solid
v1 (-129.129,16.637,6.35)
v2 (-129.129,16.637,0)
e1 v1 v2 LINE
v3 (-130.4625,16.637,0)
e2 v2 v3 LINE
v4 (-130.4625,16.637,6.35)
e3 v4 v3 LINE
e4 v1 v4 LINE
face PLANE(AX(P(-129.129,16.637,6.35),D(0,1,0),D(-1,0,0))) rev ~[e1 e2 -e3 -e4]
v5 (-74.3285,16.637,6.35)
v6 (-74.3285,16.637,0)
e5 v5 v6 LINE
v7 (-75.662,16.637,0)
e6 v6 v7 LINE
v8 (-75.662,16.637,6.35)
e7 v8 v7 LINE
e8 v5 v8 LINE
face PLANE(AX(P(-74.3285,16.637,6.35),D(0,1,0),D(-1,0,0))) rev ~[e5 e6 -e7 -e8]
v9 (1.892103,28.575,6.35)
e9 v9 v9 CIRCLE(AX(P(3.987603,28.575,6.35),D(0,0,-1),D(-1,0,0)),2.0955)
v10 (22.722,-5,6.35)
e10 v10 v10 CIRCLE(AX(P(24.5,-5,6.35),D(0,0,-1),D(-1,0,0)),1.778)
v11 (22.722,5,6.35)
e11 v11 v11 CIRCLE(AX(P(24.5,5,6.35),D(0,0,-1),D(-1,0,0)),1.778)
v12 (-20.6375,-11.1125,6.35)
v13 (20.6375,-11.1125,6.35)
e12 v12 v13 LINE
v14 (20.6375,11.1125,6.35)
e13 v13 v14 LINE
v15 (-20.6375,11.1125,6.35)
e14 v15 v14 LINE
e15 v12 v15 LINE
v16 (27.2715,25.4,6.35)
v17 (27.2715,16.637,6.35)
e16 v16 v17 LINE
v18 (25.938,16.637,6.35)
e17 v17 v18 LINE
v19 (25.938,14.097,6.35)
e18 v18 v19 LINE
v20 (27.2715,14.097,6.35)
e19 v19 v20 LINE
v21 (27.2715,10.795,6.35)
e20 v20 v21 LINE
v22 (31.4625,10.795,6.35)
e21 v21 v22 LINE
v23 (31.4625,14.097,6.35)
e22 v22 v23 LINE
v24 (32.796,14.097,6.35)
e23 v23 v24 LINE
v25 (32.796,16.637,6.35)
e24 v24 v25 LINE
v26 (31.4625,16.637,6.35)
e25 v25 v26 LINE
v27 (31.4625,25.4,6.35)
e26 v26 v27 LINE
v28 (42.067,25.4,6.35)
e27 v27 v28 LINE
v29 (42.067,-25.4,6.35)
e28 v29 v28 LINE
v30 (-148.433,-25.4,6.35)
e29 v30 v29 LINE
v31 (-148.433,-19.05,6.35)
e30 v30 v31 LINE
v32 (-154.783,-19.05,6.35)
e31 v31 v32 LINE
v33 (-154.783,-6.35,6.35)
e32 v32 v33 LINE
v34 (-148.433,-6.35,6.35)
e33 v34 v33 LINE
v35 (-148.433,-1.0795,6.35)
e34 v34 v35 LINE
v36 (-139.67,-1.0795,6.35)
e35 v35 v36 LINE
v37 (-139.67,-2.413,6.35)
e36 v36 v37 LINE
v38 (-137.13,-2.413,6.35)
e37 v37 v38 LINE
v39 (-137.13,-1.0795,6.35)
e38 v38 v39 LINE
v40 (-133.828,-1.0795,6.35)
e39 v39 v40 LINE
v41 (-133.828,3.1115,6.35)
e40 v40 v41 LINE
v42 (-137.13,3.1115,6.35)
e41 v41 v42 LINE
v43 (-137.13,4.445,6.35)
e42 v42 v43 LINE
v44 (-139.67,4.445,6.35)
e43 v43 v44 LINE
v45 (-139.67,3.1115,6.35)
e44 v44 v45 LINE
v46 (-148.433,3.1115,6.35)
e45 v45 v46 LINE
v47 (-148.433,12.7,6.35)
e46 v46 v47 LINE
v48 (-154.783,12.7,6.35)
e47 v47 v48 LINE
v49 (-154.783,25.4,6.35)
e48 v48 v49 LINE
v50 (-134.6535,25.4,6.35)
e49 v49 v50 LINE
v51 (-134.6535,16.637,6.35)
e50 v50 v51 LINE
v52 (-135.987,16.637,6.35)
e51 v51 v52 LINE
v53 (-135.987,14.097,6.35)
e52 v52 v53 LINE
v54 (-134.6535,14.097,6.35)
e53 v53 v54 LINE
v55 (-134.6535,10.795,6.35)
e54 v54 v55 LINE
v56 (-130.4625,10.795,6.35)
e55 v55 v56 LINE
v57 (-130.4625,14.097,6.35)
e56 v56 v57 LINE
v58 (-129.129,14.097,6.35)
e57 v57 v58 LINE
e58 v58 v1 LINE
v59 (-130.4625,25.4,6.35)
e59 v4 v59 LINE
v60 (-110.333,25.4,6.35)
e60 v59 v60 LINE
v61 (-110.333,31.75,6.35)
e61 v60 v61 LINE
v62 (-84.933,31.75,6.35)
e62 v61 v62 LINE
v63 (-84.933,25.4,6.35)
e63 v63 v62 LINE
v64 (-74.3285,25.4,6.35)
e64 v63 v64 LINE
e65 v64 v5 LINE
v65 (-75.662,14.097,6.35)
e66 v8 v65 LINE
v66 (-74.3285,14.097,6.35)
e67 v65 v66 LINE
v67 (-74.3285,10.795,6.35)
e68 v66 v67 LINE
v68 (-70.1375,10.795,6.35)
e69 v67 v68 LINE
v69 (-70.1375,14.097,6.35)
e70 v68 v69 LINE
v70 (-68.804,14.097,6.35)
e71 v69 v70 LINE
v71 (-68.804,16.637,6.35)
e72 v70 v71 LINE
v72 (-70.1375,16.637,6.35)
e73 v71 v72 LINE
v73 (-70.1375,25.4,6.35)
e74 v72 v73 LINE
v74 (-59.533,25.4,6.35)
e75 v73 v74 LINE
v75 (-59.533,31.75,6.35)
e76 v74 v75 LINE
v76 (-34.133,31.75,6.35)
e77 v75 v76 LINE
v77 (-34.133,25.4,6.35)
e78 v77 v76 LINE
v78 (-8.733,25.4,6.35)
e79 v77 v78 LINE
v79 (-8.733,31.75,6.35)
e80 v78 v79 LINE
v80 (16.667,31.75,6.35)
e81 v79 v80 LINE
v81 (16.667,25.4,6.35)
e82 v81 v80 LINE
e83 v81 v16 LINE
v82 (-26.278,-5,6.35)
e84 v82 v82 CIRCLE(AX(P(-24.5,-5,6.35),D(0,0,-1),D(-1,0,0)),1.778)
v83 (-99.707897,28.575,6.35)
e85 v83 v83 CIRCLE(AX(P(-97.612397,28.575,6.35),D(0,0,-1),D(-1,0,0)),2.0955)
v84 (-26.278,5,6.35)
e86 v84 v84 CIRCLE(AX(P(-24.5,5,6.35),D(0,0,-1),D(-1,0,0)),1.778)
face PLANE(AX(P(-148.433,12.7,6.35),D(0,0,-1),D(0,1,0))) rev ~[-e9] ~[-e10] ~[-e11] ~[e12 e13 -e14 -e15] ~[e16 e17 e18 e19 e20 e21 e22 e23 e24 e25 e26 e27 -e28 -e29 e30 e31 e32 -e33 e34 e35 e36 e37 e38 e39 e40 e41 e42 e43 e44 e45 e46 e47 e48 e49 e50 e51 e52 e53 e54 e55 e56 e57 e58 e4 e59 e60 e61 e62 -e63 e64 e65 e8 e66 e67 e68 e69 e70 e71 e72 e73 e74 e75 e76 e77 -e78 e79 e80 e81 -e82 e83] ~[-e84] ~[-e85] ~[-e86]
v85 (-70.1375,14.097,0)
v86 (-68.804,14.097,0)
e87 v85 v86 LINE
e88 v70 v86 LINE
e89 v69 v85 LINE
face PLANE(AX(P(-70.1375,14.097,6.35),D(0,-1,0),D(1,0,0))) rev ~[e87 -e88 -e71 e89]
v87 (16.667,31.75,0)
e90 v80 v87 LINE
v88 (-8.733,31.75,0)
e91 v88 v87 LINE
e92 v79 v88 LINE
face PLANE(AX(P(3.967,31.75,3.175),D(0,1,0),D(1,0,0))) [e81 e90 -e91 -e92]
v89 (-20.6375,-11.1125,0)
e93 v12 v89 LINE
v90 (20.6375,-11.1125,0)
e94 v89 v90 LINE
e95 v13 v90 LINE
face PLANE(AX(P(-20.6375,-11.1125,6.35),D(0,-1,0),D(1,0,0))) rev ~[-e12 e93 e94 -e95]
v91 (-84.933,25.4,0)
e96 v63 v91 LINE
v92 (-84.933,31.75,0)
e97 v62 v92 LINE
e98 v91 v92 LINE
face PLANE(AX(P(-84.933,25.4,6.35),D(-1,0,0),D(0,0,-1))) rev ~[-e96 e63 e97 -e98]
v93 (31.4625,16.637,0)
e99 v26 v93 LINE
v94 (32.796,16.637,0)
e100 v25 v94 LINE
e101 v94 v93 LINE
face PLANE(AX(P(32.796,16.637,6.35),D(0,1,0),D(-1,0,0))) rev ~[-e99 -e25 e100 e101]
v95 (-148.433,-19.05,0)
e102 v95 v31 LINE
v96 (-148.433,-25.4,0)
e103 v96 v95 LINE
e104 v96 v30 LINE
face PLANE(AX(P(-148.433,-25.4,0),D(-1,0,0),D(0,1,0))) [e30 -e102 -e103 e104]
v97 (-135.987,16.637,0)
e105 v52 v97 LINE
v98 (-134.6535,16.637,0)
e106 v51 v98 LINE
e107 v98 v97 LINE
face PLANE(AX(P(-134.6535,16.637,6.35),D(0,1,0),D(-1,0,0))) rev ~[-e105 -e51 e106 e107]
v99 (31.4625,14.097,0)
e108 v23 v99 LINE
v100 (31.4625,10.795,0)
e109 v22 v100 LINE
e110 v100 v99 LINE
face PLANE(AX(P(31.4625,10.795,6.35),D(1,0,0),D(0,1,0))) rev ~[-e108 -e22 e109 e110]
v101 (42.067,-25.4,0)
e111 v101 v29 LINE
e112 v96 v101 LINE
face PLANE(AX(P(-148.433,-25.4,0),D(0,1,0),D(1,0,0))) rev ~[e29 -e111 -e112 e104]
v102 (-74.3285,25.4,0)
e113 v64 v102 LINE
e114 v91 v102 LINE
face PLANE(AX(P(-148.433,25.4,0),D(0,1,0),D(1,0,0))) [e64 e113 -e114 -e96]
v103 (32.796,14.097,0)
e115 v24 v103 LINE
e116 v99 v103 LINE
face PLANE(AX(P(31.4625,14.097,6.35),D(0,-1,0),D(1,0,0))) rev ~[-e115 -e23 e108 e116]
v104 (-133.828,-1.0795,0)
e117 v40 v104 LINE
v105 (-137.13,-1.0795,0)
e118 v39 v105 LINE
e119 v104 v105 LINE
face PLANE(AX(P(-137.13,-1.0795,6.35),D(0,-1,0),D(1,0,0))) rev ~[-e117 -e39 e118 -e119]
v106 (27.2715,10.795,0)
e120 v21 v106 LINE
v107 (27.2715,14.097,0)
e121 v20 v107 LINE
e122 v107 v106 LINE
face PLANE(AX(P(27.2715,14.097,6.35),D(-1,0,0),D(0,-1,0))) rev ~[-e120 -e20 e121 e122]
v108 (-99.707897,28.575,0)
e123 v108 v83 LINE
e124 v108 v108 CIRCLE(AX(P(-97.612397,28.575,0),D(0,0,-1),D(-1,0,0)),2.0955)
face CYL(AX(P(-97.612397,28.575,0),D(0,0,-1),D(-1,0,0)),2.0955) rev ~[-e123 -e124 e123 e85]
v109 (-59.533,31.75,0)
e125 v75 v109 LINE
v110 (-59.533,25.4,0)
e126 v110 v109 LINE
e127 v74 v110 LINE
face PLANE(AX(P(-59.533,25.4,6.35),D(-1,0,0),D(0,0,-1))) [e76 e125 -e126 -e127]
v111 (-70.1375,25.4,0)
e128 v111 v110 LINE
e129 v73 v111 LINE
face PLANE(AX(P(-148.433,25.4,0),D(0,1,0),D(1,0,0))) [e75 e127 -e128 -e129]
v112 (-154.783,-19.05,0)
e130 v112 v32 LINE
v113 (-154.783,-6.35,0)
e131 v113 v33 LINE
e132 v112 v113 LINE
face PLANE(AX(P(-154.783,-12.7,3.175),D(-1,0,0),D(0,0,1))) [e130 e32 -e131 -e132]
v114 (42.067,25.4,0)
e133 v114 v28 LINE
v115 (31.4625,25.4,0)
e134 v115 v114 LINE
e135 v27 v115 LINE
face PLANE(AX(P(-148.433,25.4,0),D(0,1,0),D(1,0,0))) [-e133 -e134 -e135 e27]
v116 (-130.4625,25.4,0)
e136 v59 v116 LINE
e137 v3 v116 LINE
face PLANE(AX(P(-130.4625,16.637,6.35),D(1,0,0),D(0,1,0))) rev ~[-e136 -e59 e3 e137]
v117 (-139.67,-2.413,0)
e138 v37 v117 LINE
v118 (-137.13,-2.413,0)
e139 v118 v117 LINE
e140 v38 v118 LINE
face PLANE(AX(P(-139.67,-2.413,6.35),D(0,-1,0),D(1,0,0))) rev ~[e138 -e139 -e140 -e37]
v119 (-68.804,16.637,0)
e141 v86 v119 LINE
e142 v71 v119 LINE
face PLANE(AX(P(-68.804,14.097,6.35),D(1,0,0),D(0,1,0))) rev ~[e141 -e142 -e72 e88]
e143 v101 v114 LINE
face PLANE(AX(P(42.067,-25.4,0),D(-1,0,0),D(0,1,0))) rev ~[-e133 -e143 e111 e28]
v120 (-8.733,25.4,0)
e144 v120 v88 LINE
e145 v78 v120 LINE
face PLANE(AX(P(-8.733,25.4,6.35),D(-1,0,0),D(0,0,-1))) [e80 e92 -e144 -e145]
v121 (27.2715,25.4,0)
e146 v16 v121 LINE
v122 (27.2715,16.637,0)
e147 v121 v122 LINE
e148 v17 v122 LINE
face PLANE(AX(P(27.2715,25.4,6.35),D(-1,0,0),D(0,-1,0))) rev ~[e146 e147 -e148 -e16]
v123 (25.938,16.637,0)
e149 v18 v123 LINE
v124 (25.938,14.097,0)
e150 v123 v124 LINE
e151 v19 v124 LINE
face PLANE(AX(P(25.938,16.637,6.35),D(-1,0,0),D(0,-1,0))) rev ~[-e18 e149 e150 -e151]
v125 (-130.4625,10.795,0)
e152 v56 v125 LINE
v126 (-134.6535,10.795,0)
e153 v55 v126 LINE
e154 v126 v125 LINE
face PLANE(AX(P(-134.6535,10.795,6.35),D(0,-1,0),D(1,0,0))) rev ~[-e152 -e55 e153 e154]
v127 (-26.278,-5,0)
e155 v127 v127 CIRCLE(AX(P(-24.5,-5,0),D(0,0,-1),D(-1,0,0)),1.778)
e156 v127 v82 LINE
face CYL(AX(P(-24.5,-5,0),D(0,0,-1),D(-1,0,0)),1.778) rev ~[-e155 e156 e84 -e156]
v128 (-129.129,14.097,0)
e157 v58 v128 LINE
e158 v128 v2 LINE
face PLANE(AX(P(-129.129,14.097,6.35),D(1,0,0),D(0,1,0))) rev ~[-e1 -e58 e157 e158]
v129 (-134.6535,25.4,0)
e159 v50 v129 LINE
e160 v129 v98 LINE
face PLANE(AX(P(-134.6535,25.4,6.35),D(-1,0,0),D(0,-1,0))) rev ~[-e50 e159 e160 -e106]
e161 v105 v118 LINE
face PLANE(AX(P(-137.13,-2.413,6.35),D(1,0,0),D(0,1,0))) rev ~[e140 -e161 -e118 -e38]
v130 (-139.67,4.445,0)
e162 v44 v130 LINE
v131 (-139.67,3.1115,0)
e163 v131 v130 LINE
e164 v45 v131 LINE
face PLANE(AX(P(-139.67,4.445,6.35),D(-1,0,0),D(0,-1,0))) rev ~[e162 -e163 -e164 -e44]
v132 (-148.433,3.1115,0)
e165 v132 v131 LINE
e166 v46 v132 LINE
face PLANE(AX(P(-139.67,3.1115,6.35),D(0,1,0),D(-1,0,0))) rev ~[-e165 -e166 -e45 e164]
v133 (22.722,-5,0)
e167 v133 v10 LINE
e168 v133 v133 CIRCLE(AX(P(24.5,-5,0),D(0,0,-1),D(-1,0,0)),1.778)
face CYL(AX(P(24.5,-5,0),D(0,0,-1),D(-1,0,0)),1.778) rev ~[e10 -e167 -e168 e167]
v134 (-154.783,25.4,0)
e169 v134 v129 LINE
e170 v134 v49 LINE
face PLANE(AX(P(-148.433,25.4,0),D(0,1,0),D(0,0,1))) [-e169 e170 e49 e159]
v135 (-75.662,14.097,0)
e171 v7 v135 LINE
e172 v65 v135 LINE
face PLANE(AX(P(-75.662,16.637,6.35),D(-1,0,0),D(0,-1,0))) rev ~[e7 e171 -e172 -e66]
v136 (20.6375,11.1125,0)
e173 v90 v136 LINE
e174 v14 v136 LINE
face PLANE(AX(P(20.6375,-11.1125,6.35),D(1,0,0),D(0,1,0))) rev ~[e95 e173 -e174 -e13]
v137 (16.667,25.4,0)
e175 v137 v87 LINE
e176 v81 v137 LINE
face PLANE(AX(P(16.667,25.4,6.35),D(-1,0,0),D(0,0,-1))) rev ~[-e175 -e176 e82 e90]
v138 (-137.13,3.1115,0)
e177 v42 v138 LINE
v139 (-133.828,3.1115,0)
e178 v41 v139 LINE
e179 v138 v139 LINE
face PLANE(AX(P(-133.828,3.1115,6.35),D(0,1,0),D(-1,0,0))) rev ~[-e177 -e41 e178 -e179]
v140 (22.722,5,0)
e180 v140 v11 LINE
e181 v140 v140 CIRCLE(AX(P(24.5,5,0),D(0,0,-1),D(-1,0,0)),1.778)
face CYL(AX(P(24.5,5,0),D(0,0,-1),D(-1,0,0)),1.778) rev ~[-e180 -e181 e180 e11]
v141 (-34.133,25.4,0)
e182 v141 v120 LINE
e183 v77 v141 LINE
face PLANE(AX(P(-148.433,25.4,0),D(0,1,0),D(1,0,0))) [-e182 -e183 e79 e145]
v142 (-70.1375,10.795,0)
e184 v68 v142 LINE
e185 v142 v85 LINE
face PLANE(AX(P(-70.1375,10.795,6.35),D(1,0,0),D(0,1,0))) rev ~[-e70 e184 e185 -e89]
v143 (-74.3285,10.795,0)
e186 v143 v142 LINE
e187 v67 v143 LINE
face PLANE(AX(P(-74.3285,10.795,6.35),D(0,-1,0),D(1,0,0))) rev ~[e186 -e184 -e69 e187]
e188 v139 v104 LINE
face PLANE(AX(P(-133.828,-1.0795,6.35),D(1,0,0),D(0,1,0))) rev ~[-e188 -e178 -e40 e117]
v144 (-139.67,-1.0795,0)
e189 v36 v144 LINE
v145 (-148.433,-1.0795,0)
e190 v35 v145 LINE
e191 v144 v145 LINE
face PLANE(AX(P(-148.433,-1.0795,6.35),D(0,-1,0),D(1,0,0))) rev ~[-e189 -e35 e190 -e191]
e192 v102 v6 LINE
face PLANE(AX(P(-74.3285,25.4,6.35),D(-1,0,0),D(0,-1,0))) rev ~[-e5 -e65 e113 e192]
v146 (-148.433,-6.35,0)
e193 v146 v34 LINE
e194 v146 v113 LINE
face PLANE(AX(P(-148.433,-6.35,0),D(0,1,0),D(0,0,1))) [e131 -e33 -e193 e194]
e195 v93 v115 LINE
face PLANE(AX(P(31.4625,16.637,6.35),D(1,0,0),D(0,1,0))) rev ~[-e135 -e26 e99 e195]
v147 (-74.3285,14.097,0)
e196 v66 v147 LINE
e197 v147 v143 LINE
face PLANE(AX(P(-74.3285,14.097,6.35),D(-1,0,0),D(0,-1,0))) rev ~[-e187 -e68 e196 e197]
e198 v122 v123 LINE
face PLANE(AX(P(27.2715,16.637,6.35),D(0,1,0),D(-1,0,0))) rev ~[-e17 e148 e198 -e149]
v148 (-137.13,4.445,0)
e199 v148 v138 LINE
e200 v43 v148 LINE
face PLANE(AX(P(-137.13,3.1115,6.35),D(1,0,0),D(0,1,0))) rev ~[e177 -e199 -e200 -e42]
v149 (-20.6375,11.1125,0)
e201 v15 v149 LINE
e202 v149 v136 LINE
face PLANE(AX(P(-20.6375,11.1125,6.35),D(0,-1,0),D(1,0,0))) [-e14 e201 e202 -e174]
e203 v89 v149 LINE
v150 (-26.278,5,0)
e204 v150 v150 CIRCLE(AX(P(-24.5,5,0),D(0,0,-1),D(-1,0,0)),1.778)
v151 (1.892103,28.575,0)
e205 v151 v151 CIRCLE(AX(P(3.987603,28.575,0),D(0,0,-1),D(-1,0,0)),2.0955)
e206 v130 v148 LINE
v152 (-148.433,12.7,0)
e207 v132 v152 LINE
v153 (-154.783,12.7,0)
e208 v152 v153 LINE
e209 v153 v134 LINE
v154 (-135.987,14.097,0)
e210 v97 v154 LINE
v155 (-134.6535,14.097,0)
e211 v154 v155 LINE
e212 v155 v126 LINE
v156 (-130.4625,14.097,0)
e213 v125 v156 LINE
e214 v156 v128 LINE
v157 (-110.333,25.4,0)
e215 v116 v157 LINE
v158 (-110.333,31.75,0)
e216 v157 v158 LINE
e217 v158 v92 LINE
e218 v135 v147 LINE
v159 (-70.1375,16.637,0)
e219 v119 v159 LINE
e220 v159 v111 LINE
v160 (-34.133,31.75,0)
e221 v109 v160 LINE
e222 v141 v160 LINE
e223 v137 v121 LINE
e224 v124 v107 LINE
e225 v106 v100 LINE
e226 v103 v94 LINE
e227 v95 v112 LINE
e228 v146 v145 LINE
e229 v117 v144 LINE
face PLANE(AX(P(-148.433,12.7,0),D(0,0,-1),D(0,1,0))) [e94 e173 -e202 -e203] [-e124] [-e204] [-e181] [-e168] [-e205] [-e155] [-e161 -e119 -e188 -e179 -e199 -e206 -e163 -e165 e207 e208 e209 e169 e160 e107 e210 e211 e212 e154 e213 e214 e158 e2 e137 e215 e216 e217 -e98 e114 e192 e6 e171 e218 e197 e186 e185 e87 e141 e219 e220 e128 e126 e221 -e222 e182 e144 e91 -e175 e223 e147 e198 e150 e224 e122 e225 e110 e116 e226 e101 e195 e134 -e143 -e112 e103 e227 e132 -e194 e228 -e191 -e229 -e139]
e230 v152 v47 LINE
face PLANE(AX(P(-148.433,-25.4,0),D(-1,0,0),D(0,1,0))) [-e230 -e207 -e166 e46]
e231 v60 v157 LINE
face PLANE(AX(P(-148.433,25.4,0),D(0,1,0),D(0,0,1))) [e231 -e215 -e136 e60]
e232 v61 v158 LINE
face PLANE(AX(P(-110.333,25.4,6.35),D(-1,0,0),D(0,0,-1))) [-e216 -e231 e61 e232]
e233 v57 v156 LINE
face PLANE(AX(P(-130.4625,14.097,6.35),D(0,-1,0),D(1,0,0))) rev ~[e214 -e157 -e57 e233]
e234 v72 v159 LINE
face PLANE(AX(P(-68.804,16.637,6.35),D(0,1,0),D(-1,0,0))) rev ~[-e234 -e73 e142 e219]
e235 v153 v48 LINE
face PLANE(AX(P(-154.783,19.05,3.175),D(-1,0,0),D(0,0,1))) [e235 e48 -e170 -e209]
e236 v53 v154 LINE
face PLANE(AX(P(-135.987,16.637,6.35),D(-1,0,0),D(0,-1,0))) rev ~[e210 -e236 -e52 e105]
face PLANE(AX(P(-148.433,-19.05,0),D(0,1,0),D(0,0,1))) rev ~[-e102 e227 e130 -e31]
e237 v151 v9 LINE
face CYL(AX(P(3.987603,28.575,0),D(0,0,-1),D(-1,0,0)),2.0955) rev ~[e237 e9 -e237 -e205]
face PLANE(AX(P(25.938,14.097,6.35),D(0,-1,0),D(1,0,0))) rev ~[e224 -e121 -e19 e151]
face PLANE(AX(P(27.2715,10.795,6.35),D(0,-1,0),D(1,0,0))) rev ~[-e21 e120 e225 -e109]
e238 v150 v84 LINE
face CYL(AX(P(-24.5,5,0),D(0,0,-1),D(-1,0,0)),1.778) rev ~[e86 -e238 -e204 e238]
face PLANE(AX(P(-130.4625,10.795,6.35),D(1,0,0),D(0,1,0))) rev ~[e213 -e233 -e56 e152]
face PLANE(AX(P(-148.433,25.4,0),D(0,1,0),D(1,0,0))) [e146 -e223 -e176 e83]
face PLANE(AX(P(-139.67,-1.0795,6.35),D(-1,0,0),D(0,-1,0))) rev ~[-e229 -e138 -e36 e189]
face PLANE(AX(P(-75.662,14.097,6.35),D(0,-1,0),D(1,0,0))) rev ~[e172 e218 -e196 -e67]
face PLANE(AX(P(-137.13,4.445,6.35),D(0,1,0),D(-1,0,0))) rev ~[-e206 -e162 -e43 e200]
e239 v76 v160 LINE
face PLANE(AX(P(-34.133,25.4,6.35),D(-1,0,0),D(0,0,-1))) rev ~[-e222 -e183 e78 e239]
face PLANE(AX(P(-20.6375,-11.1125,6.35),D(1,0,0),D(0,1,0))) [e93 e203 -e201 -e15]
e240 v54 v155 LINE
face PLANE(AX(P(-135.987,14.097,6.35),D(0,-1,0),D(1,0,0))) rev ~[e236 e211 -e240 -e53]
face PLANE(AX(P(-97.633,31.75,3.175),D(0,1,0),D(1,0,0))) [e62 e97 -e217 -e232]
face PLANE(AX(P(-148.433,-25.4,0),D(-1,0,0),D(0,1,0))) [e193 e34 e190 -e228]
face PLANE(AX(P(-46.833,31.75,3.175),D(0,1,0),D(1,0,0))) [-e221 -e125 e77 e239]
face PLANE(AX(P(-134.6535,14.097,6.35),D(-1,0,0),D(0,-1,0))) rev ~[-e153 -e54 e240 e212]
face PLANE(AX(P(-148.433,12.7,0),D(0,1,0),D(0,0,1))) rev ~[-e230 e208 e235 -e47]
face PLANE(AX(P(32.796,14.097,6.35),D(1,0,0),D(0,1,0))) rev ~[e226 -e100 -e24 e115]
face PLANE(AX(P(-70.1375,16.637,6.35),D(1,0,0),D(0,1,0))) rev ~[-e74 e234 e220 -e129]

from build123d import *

# Parameters (mm, degrees)
SKETCH1_W           = 190.5
SKETCH1_H           = 50.8
BOSS_EXTRUDE1_DEPTH = 6.35
SKETCH2_W           = 41.275
SKETCH2_H           = 22.225
CUT_EXTRUDE1_DEPTH  = 151.724377554
SKETCH3_W           = 25.4
SKETCH3_H           = 6.35
BOSS_EXTRUDE2_DEPTH = 6.35
LPATTERN1_COUNT     = 3
LPATTERN1_PITCH     = 50.8
SKETCH4_W           = 6.35
SKETCH4_H           = 12.7
BOSS_EXTRUDE3_DEPTH = 6.35
LPATTERN2_COUNT     = 2
LPATTERN2_PITCH     = 31.75
CUT_EXTRUDE2_DEPTH  = 6.35
SKETCH6_R           = 2.0955
CUT_EXTRUDE3_DEPTH  = 159.133368044
CUT_EXTRUDE4_DEPTH  = 159.133368044
SKETCH8_R           = 1.778
CUT_EXTRUDE5_DEPTH  = 159.133368044


with BuildPart() as part:
    # Sketch1 → Boss-Extrude1 (new body)
    with BuildSketch(Plane.XY):
        with Locations((-53.183, 0)):
            Rectangle(SKETCH1_W, SKETCH1_H)
    extrude(amount=BOSS_EXTRUDE1_DEPTH)

    # Sketch2 → Cut-Extrude1 (cut, through all)
    with BuildSketch(Plane.XY.offset(6.35)):
        Rectangle(SKETCH2_W, SKETCH2_H)
    extrude(amount=-CUT_EXTRUDE1_DEPTH, mode=Mode.SUBTRACT)

    # Sketch3 → Boss-Extrude2 (add)
    with BuildSketch(Plane(origin=(0, 25.4, 0), x_dir=(1, 0, 0), z_dir=(0, 1, 0))):
        with Locations((3.967, -3.175)):
            Rectangle(SKETCH3_W, SKETCH3_H)
    boss_extrude2 = extrude(amount=BOSS_EXTRUDE2_DEPTH)

    # LPattern1: Boss-Extrude2 ×3
    with Locations(*[(-i * LPATTERN1_PITCH, 0, 0) for i in range(1, LPATTERN1_COUNT)]):
        add(boss_extrude2)

    # Sketch4 → Boss-Extrude3 (add)
    with BuildSketch(Plane.ZY.offset(148.433)):
        with Locations((3.175, 19.05)):
            Rectangle(SKETCH4_W, SKETCH4_H)
    boss_extrude3 = extrude(amount=BOSS_EXTRUDE3_DEPTH)

    # LPattern2: Boss-Extrude3 ×2
    with Locations(*[(0, -i * LPATTERN2_PITCH, 0) for i in range(1, LPATTERN2_COUNT)]):
        add(boss_extrude3)

    # Sketch5 → Cut-Extrude2 (cut)
    with BuildSketch(Plane.XY.offset(6.35)):
        Polygon((31.4625, 25.4), (27.2715, 25.4), (27.2715, 16.637), (25.938, 16.637), (25.938, 14.097), (27.2715, 14.097), (27.2715, 10.795), (31.4625, 10.795), (31.4625, 14.097), (32.796, 14.097), (32.796, 16.637), (31.4625, 16.637), align=None)
        Polygon((-70.1375, 25.4), (-74.3285, 25.4), (-74.3285, 16.637), (-75.662, 16.637), (-75.662, 14.097), (-74.3285, 14.097), (-74.3285, 10.795), (-70.1375, 10.795), (-70.1375, 14.097), (-68.804, 14.097), (-68.804, 16.637), (-70.1375, 16.637), align=None)
        Polygon((-130.4625, 25.4), (-134.6535, 25.4), (-134.6535, 16.637), (-135.987, 16.637), (-135.987, 14.097), (-134.6535, 14.097), (-134.6535, 10.795), (-130.4625, 10.795), (-130.4625, 14.097), (-129.129, 14.097), (-129.129, 16.637), (-130.4625, 16.637), align=None)
    extrude(amount=-CUT_EXTRUDE2_DEPTH, mode=Mode.SUBTRACT)

    # Sketch6 → Cut-Extrude3 (cut, through all)
    with BuildSketch(Plane(origin=(0, 0, 0), x_dir=(-1, 0, 0), z_dir=(0, 0, -1))):
        with Locations((-3.98760291, 28.575)):
            Circle(SKETCH6_R)
        with Locations((97.61239709, 28.575)):
            Circle(SKETCH6_R)
    extrude(amount=-CUT_EXTRUDE3_DEPTH, mode=Mode.SUBTRACT)

    # Sketch7 → Cut-Extrude4 (cut, through all)
    with BuildSketch(Plane.XY.offset(6.35)):
        Polygon((-148.433, 3.1115), (-148.433, -1.0795), (-139.67, -1.0795), (-139.67, -2.413), (-137.13, -2.413), (-137.13, -1.0795), (-133.828, -1.0795), (-133.828, 3.1115), (-137.13, 3.1115), (-137.13, 4.445), (-139.67, 4.445), (-139.67, 3.1115), align=None)
    extrude(amount=-CUT_EXTRUDE4_DEPTH, mode=Mode.SUBTRACT)

    # Sketch8 → Cut-Extrude5 (cut, through all)
    with BuildSketch(Plane(origin=(0, 0, 0), x_dir=(-1, 0, 0), z_dir=(0, 0, -1))):
        with Locations((24.5, -5)):
            Circle(SKETCH8_R)
        with Locations((24.5, 5)):
            Circle(SKETCH8_R)
        with Locations((-24.5, 5)):
            Circle(SKETCH8_R)
        with Locations((-24.5, -5)):
            Circle(SKETCH8_R)
    extrude(amount=-CUT_EXTRUDE5_DEPTH, mode=Mode.SUBTRACT)


solid = part.part
